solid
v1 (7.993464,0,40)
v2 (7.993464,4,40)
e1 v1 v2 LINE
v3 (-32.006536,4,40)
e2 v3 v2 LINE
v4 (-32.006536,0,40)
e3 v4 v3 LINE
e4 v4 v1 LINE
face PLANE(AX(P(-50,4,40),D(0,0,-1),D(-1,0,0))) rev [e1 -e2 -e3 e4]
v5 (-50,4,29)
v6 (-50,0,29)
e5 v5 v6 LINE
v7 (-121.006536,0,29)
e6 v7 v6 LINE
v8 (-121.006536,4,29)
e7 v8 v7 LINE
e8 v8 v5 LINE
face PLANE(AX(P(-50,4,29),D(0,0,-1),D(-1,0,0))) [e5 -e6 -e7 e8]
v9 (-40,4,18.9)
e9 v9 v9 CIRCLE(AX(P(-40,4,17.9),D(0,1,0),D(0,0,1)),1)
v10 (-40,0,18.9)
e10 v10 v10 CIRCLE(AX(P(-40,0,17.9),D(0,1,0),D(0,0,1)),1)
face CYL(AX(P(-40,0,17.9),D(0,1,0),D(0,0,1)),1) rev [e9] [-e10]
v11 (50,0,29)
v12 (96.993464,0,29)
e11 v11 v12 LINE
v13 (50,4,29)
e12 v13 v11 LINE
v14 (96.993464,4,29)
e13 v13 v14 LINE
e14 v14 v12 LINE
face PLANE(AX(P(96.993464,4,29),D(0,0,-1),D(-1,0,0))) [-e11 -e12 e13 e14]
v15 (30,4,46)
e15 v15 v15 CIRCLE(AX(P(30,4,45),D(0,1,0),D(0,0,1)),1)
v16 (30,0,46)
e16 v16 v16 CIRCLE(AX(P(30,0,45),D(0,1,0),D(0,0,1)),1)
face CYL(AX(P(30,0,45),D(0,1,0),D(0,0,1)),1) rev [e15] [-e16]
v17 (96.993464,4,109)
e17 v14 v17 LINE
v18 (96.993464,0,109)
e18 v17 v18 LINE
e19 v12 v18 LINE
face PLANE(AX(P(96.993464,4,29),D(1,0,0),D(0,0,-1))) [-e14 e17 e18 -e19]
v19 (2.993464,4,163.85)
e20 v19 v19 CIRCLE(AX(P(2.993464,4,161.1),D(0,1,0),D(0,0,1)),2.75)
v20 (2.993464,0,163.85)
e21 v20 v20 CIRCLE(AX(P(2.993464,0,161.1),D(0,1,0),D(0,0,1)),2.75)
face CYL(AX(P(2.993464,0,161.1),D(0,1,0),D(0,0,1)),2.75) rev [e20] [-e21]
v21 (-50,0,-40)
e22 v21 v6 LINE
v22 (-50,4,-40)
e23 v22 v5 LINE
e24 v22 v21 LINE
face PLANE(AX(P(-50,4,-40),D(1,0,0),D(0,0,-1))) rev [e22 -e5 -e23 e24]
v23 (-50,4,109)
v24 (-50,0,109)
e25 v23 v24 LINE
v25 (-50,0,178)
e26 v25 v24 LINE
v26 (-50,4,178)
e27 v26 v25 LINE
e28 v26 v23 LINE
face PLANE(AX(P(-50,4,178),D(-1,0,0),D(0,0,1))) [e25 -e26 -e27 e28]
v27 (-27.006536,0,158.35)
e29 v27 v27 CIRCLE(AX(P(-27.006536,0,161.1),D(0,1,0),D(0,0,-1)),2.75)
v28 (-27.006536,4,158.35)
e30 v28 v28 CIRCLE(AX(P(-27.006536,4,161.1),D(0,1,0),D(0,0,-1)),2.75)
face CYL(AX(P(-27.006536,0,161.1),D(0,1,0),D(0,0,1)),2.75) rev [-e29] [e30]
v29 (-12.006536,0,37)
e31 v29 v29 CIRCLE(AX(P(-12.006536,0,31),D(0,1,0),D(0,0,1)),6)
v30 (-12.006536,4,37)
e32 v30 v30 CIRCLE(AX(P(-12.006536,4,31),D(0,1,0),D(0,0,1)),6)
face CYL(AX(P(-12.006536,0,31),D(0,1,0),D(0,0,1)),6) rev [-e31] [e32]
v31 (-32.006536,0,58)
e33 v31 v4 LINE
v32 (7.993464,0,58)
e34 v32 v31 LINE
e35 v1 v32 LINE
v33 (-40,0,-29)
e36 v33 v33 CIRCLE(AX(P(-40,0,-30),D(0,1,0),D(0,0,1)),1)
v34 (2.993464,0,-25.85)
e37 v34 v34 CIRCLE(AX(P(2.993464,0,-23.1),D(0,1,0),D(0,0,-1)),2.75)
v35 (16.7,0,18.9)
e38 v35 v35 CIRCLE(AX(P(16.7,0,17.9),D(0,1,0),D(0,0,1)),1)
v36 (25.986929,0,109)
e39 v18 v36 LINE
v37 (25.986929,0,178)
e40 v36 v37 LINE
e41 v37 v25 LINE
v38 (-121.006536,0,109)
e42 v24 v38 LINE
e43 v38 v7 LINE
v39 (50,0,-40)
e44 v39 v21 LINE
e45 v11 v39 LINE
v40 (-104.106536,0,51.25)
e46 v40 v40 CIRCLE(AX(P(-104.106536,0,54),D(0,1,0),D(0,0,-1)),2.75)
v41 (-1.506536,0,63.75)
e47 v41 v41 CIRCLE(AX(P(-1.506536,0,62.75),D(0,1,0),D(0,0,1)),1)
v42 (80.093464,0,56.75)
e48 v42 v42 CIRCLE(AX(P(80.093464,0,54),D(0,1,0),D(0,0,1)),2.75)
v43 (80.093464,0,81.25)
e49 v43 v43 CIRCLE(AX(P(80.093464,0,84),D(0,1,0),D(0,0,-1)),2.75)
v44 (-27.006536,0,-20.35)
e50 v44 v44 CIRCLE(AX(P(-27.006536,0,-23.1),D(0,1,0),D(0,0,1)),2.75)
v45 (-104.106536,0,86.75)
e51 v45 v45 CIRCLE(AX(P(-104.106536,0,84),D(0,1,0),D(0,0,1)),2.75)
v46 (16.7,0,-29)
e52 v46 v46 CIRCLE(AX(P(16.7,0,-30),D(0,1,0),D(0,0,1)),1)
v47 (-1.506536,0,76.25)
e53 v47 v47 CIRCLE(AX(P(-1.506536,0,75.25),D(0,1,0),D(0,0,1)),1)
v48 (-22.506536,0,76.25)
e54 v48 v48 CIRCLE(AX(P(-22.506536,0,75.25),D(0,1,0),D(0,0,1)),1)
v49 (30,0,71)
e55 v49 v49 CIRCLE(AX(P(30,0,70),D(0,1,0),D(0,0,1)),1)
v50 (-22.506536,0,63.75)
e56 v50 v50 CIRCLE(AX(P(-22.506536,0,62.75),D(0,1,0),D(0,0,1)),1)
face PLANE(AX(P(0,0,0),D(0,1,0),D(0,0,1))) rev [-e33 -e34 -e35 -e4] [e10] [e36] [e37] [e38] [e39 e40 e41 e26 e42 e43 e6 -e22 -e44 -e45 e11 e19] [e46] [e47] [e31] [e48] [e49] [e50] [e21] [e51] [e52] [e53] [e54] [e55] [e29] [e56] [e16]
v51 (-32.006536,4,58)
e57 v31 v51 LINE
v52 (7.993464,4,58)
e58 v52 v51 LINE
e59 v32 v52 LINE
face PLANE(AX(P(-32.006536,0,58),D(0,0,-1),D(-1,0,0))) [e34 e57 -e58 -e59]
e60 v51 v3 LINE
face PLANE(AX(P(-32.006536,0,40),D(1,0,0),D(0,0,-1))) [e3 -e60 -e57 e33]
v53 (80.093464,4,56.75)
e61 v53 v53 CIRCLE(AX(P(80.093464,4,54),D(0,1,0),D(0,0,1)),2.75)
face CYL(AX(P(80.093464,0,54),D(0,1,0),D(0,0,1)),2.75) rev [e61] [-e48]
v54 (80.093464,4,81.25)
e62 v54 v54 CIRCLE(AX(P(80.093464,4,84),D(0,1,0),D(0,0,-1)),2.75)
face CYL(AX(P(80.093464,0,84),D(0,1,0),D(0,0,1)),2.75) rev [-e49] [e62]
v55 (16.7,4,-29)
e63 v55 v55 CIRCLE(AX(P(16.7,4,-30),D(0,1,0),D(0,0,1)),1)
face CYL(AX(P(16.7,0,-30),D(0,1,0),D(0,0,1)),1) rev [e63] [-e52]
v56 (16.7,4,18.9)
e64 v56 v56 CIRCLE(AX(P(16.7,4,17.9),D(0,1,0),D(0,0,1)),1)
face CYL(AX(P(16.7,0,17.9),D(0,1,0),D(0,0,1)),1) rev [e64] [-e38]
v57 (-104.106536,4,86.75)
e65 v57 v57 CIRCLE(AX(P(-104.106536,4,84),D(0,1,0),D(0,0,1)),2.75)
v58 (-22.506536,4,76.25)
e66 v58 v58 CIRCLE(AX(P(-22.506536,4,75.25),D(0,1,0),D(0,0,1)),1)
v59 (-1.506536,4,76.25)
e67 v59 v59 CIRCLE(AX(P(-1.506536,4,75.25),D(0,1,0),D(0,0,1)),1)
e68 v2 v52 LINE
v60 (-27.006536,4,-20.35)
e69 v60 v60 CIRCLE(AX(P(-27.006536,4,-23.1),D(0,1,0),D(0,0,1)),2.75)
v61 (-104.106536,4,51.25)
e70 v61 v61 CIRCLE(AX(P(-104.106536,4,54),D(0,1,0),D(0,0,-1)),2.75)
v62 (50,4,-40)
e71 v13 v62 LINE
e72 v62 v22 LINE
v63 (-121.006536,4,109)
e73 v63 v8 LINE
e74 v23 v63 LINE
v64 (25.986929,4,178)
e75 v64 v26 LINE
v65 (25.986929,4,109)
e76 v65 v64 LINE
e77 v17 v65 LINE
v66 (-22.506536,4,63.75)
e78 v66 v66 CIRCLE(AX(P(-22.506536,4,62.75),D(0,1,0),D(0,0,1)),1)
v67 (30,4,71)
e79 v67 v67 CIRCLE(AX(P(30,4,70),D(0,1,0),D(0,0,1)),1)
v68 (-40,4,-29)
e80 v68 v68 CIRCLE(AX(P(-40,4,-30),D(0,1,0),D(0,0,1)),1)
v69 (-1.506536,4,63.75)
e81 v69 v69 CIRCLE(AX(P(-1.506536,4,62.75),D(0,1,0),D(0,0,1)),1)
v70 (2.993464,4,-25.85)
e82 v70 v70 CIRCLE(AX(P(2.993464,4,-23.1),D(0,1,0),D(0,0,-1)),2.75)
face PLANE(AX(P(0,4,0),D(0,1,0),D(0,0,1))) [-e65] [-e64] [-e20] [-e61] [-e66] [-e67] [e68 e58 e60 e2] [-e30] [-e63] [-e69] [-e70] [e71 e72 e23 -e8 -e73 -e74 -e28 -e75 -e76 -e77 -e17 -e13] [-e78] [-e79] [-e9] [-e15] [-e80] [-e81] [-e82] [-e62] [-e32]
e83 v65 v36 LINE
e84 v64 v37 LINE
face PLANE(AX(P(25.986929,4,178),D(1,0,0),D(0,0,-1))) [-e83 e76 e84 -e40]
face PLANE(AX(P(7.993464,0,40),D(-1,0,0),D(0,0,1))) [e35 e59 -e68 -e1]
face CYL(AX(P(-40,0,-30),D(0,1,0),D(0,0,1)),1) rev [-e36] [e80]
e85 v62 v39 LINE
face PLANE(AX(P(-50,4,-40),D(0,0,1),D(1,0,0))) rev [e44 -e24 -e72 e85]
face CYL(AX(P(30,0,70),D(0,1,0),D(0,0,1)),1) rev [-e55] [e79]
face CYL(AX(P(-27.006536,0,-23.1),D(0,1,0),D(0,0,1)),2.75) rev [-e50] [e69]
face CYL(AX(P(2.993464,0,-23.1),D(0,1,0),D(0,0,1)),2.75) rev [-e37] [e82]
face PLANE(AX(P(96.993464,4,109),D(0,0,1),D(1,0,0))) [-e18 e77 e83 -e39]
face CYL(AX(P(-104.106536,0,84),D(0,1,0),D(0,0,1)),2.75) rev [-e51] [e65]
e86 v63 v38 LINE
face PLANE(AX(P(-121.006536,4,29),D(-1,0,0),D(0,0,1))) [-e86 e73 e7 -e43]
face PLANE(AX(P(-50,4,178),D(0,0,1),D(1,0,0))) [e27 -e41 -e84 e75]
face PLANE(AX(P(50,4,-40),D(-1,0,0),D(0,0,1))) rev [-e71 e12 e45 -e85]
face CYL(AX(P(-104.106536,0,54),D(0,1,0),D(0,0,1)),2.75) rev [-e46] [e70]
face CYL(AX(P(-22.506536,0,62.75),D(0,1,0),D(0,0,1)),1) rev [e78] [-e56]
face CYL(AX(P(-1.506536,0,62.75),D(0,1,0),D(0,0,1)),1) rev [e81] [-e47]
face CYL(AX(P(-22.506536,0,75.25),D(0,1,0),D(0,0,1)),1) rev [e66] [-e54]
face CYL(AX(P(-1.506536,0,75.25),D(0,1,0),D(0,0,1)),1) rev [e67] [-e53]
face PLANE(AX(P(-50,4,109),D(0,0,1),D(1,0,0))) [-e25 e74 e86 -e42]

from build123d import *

# Parameters (mm, degrees)
SKETCH1_W           = 100
SKETCH1_H           = 80
BOSS_EXTRUDE1_DEPTH = 4
SKETCH2_R           = 1
CUT_EXTRUDE1_DEPTH  = 65.156059729
BOSS_EXTRUDE2_DEPTH = 4
SKETCH4_R           = 1
CUT_EXTRUDE2_DEPTH  = 4
SKETCH5_R           = 1
CUT_EXTRUDE3_DEPTH  = 4
SKETCH6_R           = 6
CUT_EXTRUDE4_DEPTH  = 95.424573073
BOSS_EXTRUDE3_DEPTH = 4
SKETCH8_R           = 2.75
CUT_EXTRUDE5_DEPTH  = 216.273272068


with BuildPart() as part:
    # Sketch1 → Boss-Extrude1 (new body)
    with BuildSketch(Plane(origin=(0, 0, 0), x_dir=(1, 0, 0), z_dir=(0, 1, 0))):
        Rectangle(SKETCH1_W, SKETCH1_H)
    extrude(amount=BOSS_EXTRUDE1_DEPTH)

    # Sketch2 → Cut-Extrude1 (cut, through all)
    with BuildSketch(Plane(origin=(0, 4, 0), x_dir=(1, 0, 0), z_dir=(0, 1, 0))):
        with Locations(Location((-40, 30, 0), (0, 0, 270))):
            Circle(SKETCH2_R)
        with Locations(Location((16.7, 30, 0), (0, 0, 270))):
            Circle(SKETCH2_R)
        with Locations(Location((16.7, -17.9, 0), (0, 0, 270))):
            Circle(SKETCH2_R)
        with Locations(Location((-40, -17.9, 0), (0, 0, 270))):
            Circle(SKETCH2_R)
    extrude(amount=-CUT_EXTRUDE1_DEPTH, mode=Mode.SUBTRACT)

    # Sketch3 → Boss-Extrude2 (add)
    with BuildSketch(Plane(origin=(0, 4, 0), x_dir=(1, 0, 0), z_dir=(0, 1, 0))):
        Polygon((7.993464363, -40), (50, -40), (50, -80), (-50, -80), (-50, -40), (-32.006535637, -40), (-32.006535637, -58), (7.993464363, -58), align=None)
    extrude(amount=-BOSS_EXTRUDE2_DEPTH)

    # Sketch4 → Cut-Extrude2 (cut)
    with BuildSketch(Plane(origin=(0, 4, 0), x_dir=(1, 0, 0), z_dir=(0, 1, 0))):
        with Locations(Location((-22.506535637, -62.75, 0), (0, 0, 270))):
            Circle(SKETCH4_R)
        with Locations(Location((-22.506535637, -75.25, 0), (0, 0, 270))):
            Circle(SKETCH4_R)
        with Locations(Location((-1.506535637, -75.25, 0), (0, 0, 270))):
            Circle(SKETCH4_R)
        with Locations(Location((-1.506535637, -62.75, 0), (0, 0, 270))):
            Circle(SKETCH4_R)
    extrude(amount=-CUT_EXTRUDE2_DEPTH, mode=Mode.SUBTRACT)

    # Sketch5 → Cut-Extrude3 (cut)
    with BuildSketch(Plane(origin=(0, 4, 0), x_dir=(1, 0, 0), z_dir=(0, 1, 0))):
        with Locations(Location((30, -45, 0), (0, 0, 270))):
            Circle(SKETCH5_R)
        with Locations(Location((30, -70, 0), (0, 0, 270))):
            Circle(SKETCH5_R)
    extrude(amount=-CUT_EXTRUDE3_DEPTH, mode=Mode.SUBTRACT)

    # Sketch6 → Cut-Extrude4 (cut, through all)
    with BuildSketch(Plane(origin=(0, 4, 0), x_dir=(1, 0, 0), z_dir=(0, 1, 0))):
        with Locations(Location((-12.006535637, -31, 0), (0, 0, 270))):
            Circle(SKETCH6_R)
    extrude(amount=-CUT_EXTRUDE4_DEPTH, mode=Mode.SUBTRACT)

    # Sketch7 → Boss-Extrude3 (add)
    with BuildSketch(Plane.XZ):
        Polygon((96.993464363, 29), (50, 29), (50, 80), (-50, 80), (-50, 29), (-121.006535637, 29), (-121.006535637, 109), (-50, 109), (-50, 178), (25.986928727, 178), (25.986928727, 109), (96.993464363, 109), align=None)
    extrude(amount=-BOSS_EXTRUDE3_DEPTH)

    # Sketch8 → Cut-Extrude5 (cut, through all)
    with BuildSketch(Plane(origin=(0, 4, 0), x_dir=(1, 0, 0), z_dir=(0, 1, 0))):
        with Locations(Location((-104.106535637, -84, 0), (0, 0, 270))):
            Circle(SKETCH8_R)
        with Locations(Location((-104.106535637, -54, 0), (0, 0, 90))):
            Circle(SKETCH8_R)
        with Locations(Location((80.093464363, -54, 0), (0, 0, 270))):
            Circle(SKETCH8_R)
        with Locations(Location((80.093464363, -84, 0), (0, 0, 90))):
            Circle(SKETCH8_R)
        with Locations(Location((-27.006535637, 23.1, 0), (0, 0, 270))):
            Circle(SKETCH8_R)
        with Locations(Location((2.993464363, 23.1, 0), (0, 0, 90))):
            Circle(SKETCH8_R)
        with Locations(Location((2.993464363, -161.1, 0), (0, 0, 270))):
            Circle(SKETCH8_R)
        with Locations(Location((-27.006535637, -161.1, 0), (0, 0, 90))):
            Circle(SKETCH8_R)
    extrude(amount=-CUT_EXTRUDE5_DEPTH, mode=Mode.SUBTRACT)


solid = part.part
